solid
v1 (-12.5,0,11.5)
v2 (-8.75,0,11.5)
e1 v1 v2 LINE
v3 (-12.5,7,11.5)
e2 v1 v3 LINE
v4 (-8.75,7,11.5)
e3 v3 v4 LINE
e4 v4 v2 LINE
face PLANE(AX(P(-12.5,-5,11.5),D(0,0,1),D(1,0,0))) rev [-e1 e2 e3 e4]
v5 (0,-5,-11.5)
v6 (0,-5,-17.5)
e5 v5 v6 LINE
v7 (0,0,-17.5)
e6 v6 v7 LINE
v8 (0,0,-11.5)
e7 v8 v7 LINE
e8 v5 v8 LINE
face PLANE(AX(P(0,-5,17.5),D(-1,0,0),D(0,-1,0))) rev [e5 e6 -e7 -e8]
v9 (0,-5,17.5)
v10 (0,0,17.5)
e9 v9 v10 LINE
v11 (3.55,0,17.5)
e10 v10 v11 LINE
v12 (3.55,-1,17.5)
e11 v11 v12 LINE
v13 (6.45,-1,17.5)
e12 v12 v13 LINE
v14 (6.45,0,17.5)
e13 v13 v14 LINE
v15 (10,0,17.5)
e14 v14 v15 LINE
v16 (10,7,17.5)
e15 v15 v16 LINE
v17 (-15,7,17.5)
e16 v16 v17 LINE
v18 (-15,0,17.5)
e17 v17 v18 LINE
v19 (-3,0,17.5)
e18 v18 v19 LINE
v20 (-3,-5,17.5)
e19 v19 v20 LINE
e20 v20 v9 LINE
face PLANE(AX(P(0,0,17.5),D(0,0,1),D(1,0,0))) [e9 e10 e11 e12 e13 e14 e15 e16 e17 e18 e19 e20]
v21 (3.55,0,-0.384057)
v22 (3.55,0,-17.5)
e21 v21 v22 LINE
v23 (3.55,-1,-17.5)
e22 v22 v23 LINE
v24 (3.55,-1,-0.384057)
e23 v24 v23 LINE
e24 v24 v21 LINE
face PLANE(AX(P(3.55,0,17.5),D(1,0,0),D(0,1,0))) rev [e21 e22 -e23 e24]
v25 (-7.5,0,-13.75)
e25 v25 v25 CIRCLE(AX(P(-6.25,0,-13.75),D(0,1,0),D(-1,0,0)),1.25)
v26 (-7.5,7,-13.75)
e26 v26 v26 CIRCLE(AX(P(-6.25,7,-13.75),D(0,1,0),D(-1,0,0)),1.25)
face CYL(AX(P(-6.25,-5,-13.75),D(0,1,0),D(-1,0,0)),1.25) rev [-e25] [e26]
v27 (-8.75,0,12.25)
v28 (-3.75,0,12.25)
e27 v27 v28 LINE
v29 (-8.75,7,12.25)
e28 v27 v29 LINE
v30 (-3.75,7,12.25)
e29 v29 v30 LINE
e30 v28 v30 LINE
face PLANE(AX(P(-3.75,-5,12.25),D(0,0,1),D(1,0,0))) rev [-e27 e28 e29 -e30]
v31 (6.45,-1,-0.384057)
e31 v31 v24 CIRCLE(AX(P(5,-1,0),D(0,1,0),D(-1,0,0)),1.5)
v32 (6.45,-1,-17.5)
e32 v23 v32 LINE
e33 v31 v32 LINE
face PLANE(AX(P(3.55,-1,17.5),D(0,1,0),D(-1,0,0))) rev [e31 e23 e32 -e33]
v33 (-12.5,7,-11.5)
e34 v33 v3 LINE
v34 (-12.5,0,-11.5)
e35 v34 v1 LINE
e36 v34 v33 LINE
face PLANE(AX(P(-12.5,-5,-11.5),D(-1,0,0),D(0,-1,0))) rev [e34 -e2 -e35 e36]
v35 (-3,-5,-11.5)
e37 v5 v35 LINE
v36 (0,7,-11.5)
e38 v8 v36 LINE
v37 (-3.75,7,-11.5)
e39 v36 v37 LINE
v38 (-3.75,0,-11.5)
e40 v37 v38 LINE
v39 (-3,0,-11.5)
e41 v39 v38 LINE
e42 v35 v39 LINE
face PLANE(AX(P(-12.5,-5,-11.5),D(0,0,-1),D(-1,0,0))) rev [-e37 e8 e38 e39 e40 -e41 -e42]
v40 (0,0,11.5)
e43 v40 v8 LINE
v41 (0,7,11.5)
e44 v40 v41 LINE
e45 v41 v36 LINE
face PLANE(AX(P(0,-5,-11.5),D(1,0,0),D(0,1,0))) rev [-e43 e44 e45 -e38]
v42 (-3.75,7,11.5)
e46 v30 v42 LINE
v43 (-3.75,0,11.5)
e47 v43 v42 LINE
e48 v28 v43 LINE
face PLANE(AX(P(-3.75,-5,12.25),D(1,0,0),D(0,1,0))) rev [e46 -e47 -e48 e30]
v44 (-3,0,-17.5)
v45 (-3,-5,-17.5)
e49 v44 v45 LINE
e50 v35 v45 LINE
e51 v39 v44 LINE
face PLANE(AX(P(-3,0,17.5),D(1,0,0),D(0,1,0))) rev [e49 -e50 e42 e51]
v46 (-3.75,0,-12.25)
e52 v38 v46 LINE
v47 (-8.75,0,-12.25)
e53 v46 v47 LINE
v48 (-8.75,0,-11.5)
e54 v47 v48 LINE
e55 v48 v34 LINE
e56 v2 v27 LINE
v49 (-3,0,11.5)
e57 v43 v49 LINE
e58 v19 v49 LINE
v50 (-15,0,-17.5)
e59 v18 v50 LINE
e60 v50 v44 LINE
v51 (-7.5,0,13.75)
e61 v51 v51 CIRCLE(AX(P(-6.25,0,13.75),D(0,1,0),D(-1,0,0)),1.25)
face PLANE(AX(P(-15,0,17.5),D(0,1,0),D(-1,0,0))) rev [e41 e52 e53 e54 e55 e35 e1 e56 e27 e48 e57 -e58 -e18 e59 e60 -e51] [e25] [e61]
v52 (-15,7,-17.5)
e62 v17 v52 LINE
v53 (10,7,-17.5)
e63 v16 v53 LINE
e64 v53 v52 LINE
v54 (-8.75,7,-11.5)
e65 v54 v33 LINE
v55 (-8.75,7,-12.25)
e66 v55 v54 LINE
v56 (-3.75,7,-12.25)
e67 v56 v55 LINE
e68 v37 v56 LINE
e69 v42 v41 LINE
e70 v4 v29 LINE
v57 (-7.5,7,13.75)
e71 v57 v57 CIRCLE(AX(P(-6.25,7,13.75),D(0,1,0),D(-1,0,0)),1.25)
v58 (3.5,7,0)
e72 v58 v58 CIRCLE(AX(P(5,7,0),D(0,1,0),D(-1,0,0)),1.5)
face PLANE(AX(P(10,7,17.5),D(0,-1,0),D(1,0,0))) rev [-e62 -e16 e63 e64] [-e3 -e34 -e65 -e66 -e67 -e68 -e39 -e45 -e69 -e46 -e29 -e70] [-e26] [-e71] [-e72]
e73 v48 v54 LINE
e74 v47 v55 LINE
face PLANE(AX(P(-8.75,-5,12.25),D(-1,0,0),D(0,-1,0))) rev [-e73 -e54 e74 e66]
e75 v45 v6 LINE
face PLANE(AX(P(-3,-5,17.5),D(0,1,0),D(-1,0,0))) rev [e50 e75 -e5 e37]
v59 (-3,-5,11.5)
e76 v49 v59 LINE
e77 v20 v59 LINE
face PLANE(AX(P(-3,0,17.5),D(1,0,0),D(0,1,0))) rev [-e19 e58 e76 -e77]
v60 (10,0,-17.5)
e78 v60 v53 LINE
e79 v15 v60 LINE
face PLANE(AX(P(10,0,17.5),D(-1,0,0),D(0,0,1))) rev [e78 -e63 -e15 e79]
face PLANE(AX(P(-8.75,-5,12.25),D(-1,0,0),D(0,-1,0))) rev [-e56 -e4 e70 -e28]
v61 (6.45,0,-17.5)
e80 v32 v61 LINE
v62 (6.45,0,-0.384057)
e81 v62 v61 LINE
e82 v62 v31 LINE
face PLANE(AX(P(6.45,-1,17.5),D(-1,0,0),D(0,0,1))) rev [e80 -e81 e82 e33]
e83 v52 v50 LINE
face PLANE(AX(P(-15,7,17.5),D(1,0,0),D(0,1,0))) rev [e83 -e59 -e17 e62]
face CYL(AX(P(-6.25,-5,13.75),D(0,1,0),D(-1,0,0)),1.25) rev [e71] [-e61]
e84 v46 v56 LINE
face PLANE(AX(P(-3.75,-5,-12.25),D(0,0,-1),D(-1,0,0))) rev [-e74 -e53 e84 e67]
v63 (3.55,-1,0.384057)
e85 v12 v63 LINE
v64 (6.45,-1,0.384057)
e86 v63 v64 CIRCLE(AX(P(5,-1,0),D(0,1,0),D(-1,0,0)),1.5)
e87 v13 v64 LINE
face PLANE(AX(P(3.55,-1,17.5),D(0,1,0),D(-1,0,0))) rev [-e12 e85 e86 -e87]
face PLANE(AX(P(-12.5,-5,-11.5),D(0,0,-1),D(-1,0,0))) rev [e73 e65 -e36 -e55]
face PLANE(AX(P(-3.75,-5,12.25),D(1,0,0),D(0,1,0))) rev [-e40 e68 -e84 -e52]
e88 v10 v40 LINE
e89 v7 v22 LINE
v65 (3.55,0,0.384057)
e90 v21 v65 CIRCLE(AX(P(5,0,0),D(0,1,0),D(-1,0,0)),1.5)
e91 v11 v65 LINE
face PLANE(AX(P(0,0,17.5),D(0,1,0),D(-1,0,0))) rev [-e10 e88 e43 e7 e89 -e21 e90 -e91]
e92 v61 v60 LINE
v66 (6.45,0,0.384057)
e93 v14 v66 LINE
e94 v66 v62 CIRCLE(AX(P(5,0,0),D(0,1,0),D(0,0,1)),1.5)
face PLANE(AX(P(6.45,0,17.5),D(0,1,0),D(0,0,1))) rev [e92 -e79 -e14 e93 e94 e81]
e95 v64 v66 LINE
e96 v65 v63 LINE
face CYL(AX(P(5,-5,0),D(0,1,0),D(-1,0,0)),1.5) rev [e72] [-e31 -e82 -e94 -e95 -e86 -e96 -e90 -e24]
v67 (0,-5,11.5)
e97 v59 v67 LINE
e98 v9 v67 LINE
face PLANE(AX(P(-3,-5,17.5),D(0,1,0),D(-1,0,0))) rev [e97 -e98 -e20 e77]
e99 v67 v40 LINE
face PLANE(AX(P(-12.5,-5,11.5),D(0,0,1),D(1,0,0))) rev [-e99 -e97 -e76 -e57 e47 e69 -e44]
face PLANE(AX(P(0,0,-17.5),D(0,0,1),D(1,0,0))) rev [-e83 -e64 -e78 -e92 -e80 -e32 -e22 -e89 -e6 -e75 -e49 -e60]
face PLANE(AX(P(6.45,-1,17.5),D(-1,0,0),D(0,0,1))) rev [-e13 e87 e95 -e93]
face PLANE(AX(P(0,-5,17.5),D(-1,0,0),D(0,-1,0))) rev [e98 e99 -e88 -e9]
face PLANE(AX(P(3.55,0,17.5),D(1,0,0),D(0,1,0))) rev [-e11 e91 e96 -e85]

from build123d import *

# Parameters (mm, degrees)
MAIN_DEPTH            = 17.5
SKETCH2_R             = 1.5
SKETCH2_R_2           = 1.25
FIXINGHOLE_DEPTH      = 13
SKETCH3_W             = 12.5
SKETCH3_H             = 23
SERVOSQUAREHOLE_DEPTH = 13
SKETCH4_W             = 5
SKETCH4_H             = 24.5
CABLEHOLE_DEPTH       = 13


with BuildPart() as part:
    # Sketch1 → Main (new body, symmetric)
    with BuildSketch(Plane.XY):
        Polygon((10, 0), (10, 7), (-15, 7), (-15, 0), (-3, 0), (-3, -5), (0, -5), (0, 0), (3.55, 0), (3.55, -1), (6.45, -1), (6.45, 0), align=None)
    extrude(amount=MAIN_DEPTH, both=True)

    # Sketch2 → FixingHole (cut, through all)
    with BuildSketch(Plane(origin=(0, 7, 0), x_dir=(1, 0, 0), z_dir=(0, 1, 0))):
        with Locations((5, 0)):
            Circle(SKETCH2_R)
        with Locations((-6.25, 13.75)):
            Circle(SKETCH2_R_2)
        with Locations((-6.25, -13.75)):
            Circle(SKETCH2_R_2)
    extrude(amount=-FIXINGHOLE_DEPTH, mode=Mode.SUBTRACT)

    # Sketch3 → ServoSquareHole (cut, through all)
    with BuildSketch(Plane(origin=(0, 7, 0), x_dir=(1, 0, 0), z_dir=(0, 1, 0))):
        with Locations((-6.25, 0)):
            Rectangle(SKETCH3_W, SKETCH3_H)
    extrude(amount=-SERVOSQUAREHOLE_DEPTH, mode=Mode.SUBTRACT)

    # Sketch4 → CableHole (cut, through all)
    with BuildSketch(Plane(origin=(0, 7, 0), x_dir=(1, 0, 0), z_dir=(0, 1, 0))):
        with Locations((-6.25, 0)):
            Rectangle(SKETCH4_W, SKETCH4_H)
    extrude(amount=-CABLEHOLE_DEPTH, mode=Mode.SUBTRACT)


solid = part.part
